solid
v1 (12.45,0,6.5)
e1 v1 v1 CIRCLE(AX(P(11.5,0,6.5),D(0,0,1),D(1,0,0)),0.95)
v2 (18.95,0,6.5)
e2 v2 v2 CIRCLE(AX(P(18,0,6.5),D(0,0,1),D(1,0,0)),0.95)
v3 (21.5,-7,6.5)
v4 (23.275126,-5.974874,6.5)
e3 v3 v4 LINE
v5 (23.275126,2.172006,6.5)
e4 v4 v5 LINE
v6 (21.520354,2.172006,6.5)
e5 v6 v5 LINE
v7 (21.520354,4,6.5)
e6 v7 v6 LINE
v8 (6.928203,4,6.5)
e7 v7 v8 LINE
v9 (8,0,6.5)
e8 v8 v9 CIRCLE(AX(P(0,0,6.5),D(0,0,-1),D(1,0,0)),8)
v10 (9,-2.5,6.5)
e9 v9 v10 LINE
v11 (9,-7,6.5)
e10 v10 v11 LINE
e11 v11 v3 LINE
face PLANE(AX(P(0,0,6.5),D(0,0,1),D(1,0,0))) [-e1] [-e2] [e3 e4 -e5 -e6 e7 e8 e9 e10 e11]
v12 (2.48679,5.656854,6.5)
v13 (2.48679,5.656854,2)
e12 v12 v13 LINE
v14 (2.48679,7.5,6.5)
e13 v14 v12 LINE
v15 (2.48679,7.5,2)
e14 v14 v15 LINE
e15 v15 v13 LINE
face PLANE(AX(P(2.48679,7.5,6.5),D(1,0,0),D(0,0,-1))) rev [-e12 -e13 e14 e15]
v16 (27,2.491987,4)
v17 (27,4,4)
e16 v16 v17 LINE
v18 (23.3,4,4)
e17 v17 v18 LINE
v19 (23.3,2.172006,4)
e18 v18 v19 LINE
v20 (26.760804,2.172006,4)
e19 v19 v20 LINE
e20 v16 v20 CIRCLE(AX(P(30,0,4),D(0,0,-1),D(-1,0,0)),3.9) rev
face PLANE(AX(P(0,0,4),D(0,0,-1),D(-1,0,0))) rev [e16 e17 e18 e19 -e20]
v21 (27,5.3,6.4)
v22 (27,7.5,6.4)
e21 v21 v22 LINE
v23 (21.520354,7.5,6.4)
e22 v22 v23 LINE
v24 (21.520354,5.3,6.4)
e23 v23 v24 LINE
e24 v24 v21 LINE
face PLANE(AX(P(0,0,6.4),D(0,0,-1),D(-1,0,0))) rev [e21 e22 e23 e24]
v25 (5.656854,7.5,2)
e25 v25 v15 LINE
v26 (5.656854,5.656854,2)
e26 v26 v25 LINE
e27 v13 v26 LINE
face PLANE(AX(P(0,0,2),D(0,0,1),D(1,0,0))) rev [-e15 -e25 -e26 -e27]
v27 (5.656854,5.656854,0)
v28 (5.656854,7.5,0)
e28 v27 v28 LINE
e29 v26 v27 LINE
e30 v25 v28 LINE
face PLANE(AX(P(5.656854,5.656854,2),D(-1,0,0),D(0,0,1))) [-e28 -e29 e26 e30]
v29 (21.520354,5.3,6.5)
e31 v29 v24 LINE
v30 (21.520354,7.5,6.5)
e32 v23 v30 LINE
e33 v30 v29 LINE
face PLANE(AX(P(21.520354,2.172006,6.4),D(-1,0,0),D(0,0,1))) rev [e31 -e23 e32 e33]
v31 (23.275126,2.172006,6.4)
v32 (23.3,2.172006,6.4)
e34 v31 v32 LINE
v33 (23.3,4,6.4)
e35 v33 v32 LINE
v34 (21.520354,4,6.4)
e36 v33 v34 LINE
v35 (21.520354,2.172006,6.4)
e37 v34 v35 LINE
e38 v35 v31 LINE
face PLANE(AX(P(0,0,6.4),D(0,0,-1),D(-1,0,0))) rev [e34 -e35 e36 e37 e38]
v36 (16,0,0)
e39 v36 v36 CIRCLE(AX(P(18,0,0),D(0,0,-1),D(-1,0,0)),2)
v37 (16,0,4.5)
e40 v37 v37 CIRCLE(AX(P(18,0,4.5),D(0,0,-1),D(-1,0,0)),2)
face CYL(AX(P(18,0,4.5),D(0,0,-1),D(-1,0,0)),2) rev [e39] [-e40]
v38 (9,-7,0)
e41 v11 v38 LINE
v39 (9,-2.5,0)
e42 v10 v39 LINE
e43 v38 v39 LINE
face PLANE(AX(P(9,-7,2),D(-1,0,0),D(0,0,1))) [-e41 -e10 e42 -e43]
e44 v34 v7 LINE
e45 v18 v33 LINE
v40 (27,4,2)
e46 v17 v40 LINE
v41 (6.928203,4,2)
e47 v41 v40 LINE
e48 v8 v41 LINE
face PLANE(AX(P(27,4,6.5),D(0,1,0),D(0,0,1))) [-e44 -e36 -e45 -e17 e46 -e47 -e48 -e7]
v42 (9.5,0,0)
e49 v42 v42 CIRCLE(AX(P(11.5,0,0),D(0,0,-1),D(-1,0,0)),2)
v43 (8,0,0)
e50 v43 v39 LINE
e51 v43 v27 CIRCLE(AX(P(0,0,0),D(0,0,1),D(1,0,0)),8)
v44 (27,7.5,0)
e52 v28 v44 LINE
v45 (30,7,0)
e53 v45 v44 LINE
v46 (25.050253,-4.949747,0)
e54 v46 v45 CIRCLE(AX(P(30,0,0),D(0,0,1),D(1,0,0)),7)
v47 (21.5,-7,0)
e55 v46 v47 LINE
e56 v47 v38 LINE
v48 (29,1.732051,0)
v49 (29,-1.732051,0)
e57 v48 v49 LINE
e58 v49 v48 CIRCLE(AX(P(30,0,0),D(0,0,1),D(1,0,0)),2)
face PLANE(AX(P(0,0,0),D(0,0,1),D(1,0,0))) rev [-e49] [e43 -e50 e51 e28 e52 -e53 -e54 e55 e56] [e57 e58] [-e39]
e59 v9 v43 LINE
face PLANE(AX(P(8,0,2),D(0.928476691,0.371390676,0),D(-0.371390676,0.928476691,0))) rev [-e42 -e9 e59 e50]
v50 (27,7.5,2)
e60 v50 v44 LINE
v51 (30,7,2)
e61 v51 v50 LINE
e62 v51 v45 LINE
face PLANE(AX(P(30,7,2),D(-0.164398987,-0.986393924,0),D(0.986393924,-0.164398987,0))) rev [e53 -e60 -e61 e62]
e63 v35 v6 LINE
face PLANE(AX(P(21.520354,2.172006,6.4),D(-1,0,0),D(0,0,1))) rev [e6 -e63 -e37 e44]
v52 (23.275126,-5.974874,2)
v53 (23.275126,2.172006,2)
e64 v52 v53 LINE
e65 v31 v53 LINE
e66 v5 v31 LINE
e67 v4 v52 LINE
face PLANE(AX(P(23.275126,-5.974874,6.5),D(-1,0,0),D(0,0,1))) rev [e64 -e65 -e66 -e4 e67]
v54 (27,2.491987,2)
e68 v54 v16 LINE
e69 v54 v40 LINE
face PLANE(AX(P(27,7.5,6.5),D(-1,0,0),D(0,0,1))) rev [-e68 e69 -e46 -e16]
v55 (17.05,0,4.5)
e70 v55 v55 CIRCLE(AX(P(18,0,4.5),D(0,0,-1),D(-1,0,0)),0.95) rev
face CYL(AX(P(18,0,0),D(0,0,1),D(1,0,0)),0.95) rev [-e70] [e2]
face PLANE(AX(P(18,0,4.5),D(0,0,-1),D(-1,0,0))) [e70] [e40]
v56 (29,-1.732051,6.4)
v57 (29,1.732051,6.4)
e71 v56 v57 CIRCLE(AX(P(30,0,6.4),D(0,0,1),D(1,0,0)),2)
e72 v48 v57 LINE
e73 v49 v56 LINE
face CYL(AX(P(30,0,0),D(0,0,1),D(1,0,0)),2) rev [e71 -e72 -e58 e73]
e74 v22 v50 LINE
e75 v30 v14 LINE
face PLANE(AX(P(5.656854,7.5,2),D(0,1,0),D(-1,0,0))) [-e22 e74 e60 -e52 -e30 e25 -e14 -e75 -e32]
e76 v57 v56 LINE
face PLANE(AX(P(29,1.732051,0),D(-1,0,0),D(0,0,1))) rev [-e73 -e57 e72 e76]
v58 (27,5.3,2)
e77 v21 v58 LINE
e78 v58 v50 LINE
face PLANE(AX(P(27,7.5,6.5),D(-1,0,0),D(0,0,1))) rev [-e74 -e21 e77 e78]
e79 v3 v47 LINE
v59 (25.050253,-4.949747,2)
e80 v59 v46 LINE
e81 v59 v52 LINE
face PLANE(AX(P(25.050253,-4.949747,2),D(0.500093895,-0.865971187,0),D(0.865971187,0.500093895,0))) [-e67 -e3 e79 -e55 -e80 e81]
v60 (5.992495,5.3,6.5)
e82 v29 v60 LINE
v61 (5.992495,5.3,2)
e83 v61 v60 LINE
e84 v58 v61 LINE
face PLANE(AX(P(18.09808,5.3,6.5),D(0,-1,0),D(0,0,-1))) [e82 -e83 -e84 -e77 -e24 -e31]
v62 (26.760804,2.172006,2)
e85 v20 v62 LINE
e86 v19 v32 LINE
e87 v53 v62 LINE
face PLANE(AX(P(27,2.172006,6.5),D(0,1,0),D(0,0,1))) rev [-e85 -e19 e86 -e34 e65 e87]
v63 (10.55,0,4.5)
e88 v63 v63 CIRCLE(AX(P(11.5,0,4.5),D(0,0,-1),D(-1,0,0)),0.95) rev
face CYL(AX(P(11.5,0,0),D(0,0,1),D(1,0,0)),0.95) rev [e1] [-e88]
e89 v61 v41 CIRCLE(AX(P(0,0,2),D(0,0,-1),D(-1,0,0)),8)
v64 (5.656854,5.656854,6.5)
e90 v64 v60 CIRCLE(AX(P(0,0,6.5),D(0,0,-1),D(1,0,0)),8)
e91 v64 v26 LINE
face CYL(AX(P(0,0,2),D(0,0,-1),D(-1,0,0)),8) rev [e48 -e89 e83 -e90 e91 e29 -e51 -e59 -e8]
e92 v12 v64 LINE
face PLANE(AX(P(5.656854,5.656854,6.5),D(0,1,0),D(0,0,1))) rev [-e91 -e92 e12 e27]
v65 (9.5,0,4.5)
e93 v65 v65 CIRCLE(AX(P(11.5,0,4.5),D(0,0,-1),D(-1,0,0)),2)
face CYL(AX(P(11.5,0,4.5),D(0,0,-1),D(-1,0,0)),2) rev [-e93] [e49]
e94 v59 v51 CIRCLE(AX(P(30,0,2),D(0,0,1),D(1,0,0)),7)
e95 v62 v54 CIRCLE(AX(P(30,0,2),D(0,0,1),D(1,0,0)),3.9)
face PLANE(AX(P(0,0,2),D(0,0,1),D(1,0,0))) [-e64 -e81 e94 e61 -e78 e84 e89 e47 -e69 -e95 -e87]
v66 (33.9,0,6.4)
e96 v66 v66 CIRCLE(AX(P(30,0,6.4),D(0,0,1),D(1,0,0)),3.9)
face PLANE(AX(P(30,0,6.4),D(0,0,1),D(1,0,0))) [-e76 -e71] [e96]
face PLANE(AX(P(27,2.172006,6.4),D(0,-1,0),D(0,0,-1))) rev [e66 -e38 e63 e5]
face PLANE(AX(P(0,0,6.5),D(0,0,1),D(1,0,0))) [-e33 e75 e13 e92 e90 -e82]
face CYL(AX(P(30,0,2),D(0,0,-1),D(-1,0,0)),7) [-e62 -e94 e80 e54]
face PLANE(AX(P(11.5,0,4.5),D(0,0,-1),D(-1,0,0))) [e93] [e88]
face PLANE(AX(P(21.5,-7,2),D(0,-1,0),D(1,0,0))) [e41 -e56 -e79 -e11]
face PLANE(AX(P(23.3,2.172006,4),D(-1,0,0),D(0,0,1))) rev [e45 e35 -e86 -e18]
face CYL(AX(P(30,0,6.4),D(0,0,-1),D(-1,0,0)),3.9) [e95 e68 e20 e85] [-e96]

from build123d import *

# Parameters (mm, degrees)
BOSS_EXTRUDE1_DEPTH  = 2
BOSS_EXTRUDE6_DEPTH  = 4.5
CUT_EXTRUDE6_DEPTH   = 4.5
BOSS_EXTRUDE14_DEPTH = 2.3
SKETCH32_R           = 2.1
CUT_EXTRUDE7_DEPTH   = 2.3
SKETCH33_W           = 12.5
SKETCH33_H           = 1.343145751
BOSS_EXTRUDE15_DEPTH = 1.2
SKETCH35_W           = 5.479645997
SKETCH35_H           = 5.327993755
CUT_EXTRUDE8_DEPTH   = 2.4
SKETCH36_W           = 3.7
SKETCH36_H           = 1.827993755
CUT_EXTRUDE9_DEPTH   = 2.4
SKETCH37_R           = 3.9
BOSS_EXTRUDE16_DEPTH = 4.4
CUT_EXTRUDE10_DEPTH  = 7.4
SKETCH43_R           = 2.5
BOSS_EXTRUDE17_DEPTH = 1.2
SKETCH44_R           = 0.95
CUT_EXTRUDE11_DEPTH  = 11
SKETCH45_R           = 2
CUT_EXTRUDE12_DEPTH  = 4.5
SKETCH52_R           = 0.75
CUT_EXTRUDE13_DEPTH  = 10


with BuildPart() as part:
    # Sketch3 → Boss-Extrude1 (new body)
    with BuildSketch(Plane.XY):
        with BuildLine():
            Line((8, 0), (9, -2.5))
            Line((9, -2.5), (9, -7))
            Line((9, -7), (21.5, -7))
            Line((21.5, -7), (25.050252532, -4.949747468))
            ThreePointArc((25.050252532, -4.949747468), (36.467156728, -2.678784027), (30, 7))
            Line((30, 7), (27, 7.5))
            Line((27, 7.5), (5.656854249, 7.5))
            Line((5.656854249, 7.5), (5.656854249, 5.656854249))
            ThreePointArc((5.656854249, 5.656854249), (7.39103626, 3.061467459), (8, 0))
        make_face()
    extrude(amount=BOSS_EXTRUDE1_DEPTH)

    # Sketch22 → Boss-Extrude6 (add)
    with BuildSketch(Plane.XY.offset(2)):
        with BuildLine():
            Line((5.656854249, 5.656854249), (2.486790148, 5.656854249))
            Line((2.486790148, 5.656854249), (2.486790148, 7.5))
            Line((2.486790148, 7.5), (5.656854249, 7.5))
            Line((5.656854249, 7.5), (21.5, 7.5))
            Line((21.5, 7.5), (27, 7.5))
            Line((27, 7.5), (27, 2.172006245))
            Line((27, 2.172006245), (23.275126266, 2.172006245))
            Line((23.275126266, 2.172006245), (23.275126266, -5.974873734))
            Line((23.275126266, -5.974873734), (21.5, -7))
            Line((21.5, -7), (9, -7))
            Line((9, -7), (9, -2.5))
            Line((9, -2.5), (8, 0))
            ThreePointArc((8, 0), (7.39103626, 3.061467459), (5.656854249, 5.656854249))
        make_face()
    extrude(amount=BOSS_EXTRUDE6_DEPTH)

    # Sketch26 → Cut-Extrude6 (cut)
    with BuildSketch(Plane.XY.offset(2)):
        Polygon((18.098080448, 5.3), (2.530052458, 5.3), (2.530052458, 4), (18.098080448, 4), (27, 4), (27, 5.3), align=None)
    extrude(amount=CUT_EXTRUDE6_DEPTH, mode=Mode.SUBTRACT)


with BuildPart() as body_2:
    # Sketch31 → Boss-Extrude14 (new body)
    with BuildSketch(Plane.XY.offset(6.5)):
        with BuildLine():
            Line((2.432688066, 5.656854249), (0, 5.656854249))
            ThreePointArc((0, 5.656854249), (-5.656854249, 0), (0, -5.656854249))
            Line((0, -5.656854249), (9, -5.656854249))
            Line((9, -5.656854249), (9, -7))
            Line((9, -7), (21.5, -7))
            Line((21.5, -7), (23.275126266, -5.974873734))
            Line((23.275126266, -5.974873734), (23.275126266, 2.172006245))
            Line((23.275126266, 2.172006245), (27, 2.172006245))
            Line((27, 2.172006245), (27, 7.5))
            Line((27, 7.5), (2.486790148, 7.5))
            Line((2.486790148, 7.5), (2.432688066, 5.656854249))
        make_face()
    extrude(amount=BOSS_EXTRUDE14_DEPTH)

    # Sketch32 → Cut-Extrude7 (cut)
    with BuildSketch(Plane.XY.offset(8.8)):
        Circle(SKETCH32_R)
    extrude(amount=-CUT_EXTRUDE7_DEPTH, mode=Mode.SUBTRACT)

    # Sketch33 → Boss-Extrude15 (add)
    with BuildSketch(Plane.XY.offset(8.8)):
        with Locations((15.25, -6.328427125)):
            Rectangle(SKETCH33_W, SKETCH33_H)
        Polygon((2.486790148, 7.5), (21.5, 7.5), (21.5, 5.656854249), (2.432688066, 5.656854249), align=None)
    extrude(amount=BOSS_EXTRUDE15_DEPTH)


with BuildPart() as cut_extrude8_tool:
    # Sketch35 → Cut-Extrude8 (new body)
    with BuildSketch(Plane.XY.offset(8.8)):
        with Locations((24.260177002, 4.836003123)):
            Rectangle(SKETCH35_W, SKETCH35_H)
    extrude(amount=-CUT_EXTRUDE8_DEPTH)


with BuildPart() as part_1:
    add(part.part)

    # Cut-Extrude8: cut by cut_extrude8_tool
    add(cut_extrude8_tool.part, mode=Mode.SUBTRACT)

    # Sketch36 → Cut-Extrude9 (cut)
    with BuildSketch(Plane.XY.offset(6.4)):
        with Locations((25.15, 3.086003123)):
            Rectangle(SKETCH36_W, SKETCH36_H)
    extrude(amount=-CUT_EXTRUDE9_DEPTH, mode=Mode.SUBTRACT)

    # Sketch37 → Boss-Extrude16 (add)
    with BuildSketch(Plane.XY.offset(2)):
        with Locations((30, 0)):
            Circle(SKETCH37_R)
    extrude(amount=BOSS_EXTRUDE16_DEPTH)

    # Sketch39 → Cut-Extrude10 (cut, through all)
    with BuildSketch(Plane.XY.offset(6.4)):
        with BuildLine():
            Line((29, 1.732050808), (29, -1.732050808))
            ThreePointArc((29, -1.732050808), (32, 0), (29, 1.732050808))
        make_face()
    extrude(amount=-CUT_EXTRUDE10_DEPTH, mode=Mode.SUBTRACT)


with BuildPart() as body_2_1:
    add(body_2.part)

    # Cut-Extrude8: cut by cut_extrude8_tool
    add(cut_extrude8_tool.part, mode=Mode.SUBTRACT)

    # Sketch43 → Boss-Extrude17 (add)
    with BuildSketch(Plane.XY.offset(8.8)):
        with Locations((11.5, 0)):
            Circle(SKETCH43_R)
        with Locations((18, 0)):
            Circle(SKETCH43_R)
    extrude(amount=BOSS_EXTRUDE17_DEPTH)


with BuildPart() as cut_extrude11_tool:
    # Sketch44 → Cut-Extrude11 (new body, through all)
    with BuildSketch(Plane.XY.offset(10)):
        with Locations((11.5, 0)):
            Circle(SKETCH44_R)
        with Locations((18, 0)):
            Circle(SKETCH44_R)
    extrude(amount=-CUT_EXTRUDE11_DEPTH)


with BuildPart() as part_2:
    add(part_1.part)

    # Cut-Extrude11: cut by cut_extrude11_tool
    add(cut_extrude11_tool.part, mode=Mode.SUBTRACT)

    # Sketch45 → Cut-Extrude12 (cut)
    with BuildSketch(Plane(origin=(0, 0, 0), x_dir=(-1, 0, 0), z_dir=(0, 0, -1))):
        with Locations((-11.5, 0)):
            Circle(SKETCH45_R)
        with Locations((-18, 0)):
            Circle(SKETCH45_R)
    extrude(amount=-CUT_EXTRUDE12_DEPTH, mode=Mode.SUBTRACT)


with BuildPart() as body_2_2:
    add(body_2_1.part)

    # Cut-Extrude11: cut by cut_extrude11_tool
    add(cut_extrude11_tool.part, mode=Mode.SUBTRACT)

    # Sketch52 → Cut-Extrude13 (cut, along a direction that is not the sketch's normal)
    with BuildSketch(Plane.XZ.offset(-5.656854249)):
        with Locations((18.235476819, 10)):
            Circle(SKETCH52_R)
    extrude(amount=-CUT_EXTRUDE13_DEPTH, dir=(0.640410196, -0.76803306, 0), mode=Mode.SUBTRACT)


solid = part_2.part
